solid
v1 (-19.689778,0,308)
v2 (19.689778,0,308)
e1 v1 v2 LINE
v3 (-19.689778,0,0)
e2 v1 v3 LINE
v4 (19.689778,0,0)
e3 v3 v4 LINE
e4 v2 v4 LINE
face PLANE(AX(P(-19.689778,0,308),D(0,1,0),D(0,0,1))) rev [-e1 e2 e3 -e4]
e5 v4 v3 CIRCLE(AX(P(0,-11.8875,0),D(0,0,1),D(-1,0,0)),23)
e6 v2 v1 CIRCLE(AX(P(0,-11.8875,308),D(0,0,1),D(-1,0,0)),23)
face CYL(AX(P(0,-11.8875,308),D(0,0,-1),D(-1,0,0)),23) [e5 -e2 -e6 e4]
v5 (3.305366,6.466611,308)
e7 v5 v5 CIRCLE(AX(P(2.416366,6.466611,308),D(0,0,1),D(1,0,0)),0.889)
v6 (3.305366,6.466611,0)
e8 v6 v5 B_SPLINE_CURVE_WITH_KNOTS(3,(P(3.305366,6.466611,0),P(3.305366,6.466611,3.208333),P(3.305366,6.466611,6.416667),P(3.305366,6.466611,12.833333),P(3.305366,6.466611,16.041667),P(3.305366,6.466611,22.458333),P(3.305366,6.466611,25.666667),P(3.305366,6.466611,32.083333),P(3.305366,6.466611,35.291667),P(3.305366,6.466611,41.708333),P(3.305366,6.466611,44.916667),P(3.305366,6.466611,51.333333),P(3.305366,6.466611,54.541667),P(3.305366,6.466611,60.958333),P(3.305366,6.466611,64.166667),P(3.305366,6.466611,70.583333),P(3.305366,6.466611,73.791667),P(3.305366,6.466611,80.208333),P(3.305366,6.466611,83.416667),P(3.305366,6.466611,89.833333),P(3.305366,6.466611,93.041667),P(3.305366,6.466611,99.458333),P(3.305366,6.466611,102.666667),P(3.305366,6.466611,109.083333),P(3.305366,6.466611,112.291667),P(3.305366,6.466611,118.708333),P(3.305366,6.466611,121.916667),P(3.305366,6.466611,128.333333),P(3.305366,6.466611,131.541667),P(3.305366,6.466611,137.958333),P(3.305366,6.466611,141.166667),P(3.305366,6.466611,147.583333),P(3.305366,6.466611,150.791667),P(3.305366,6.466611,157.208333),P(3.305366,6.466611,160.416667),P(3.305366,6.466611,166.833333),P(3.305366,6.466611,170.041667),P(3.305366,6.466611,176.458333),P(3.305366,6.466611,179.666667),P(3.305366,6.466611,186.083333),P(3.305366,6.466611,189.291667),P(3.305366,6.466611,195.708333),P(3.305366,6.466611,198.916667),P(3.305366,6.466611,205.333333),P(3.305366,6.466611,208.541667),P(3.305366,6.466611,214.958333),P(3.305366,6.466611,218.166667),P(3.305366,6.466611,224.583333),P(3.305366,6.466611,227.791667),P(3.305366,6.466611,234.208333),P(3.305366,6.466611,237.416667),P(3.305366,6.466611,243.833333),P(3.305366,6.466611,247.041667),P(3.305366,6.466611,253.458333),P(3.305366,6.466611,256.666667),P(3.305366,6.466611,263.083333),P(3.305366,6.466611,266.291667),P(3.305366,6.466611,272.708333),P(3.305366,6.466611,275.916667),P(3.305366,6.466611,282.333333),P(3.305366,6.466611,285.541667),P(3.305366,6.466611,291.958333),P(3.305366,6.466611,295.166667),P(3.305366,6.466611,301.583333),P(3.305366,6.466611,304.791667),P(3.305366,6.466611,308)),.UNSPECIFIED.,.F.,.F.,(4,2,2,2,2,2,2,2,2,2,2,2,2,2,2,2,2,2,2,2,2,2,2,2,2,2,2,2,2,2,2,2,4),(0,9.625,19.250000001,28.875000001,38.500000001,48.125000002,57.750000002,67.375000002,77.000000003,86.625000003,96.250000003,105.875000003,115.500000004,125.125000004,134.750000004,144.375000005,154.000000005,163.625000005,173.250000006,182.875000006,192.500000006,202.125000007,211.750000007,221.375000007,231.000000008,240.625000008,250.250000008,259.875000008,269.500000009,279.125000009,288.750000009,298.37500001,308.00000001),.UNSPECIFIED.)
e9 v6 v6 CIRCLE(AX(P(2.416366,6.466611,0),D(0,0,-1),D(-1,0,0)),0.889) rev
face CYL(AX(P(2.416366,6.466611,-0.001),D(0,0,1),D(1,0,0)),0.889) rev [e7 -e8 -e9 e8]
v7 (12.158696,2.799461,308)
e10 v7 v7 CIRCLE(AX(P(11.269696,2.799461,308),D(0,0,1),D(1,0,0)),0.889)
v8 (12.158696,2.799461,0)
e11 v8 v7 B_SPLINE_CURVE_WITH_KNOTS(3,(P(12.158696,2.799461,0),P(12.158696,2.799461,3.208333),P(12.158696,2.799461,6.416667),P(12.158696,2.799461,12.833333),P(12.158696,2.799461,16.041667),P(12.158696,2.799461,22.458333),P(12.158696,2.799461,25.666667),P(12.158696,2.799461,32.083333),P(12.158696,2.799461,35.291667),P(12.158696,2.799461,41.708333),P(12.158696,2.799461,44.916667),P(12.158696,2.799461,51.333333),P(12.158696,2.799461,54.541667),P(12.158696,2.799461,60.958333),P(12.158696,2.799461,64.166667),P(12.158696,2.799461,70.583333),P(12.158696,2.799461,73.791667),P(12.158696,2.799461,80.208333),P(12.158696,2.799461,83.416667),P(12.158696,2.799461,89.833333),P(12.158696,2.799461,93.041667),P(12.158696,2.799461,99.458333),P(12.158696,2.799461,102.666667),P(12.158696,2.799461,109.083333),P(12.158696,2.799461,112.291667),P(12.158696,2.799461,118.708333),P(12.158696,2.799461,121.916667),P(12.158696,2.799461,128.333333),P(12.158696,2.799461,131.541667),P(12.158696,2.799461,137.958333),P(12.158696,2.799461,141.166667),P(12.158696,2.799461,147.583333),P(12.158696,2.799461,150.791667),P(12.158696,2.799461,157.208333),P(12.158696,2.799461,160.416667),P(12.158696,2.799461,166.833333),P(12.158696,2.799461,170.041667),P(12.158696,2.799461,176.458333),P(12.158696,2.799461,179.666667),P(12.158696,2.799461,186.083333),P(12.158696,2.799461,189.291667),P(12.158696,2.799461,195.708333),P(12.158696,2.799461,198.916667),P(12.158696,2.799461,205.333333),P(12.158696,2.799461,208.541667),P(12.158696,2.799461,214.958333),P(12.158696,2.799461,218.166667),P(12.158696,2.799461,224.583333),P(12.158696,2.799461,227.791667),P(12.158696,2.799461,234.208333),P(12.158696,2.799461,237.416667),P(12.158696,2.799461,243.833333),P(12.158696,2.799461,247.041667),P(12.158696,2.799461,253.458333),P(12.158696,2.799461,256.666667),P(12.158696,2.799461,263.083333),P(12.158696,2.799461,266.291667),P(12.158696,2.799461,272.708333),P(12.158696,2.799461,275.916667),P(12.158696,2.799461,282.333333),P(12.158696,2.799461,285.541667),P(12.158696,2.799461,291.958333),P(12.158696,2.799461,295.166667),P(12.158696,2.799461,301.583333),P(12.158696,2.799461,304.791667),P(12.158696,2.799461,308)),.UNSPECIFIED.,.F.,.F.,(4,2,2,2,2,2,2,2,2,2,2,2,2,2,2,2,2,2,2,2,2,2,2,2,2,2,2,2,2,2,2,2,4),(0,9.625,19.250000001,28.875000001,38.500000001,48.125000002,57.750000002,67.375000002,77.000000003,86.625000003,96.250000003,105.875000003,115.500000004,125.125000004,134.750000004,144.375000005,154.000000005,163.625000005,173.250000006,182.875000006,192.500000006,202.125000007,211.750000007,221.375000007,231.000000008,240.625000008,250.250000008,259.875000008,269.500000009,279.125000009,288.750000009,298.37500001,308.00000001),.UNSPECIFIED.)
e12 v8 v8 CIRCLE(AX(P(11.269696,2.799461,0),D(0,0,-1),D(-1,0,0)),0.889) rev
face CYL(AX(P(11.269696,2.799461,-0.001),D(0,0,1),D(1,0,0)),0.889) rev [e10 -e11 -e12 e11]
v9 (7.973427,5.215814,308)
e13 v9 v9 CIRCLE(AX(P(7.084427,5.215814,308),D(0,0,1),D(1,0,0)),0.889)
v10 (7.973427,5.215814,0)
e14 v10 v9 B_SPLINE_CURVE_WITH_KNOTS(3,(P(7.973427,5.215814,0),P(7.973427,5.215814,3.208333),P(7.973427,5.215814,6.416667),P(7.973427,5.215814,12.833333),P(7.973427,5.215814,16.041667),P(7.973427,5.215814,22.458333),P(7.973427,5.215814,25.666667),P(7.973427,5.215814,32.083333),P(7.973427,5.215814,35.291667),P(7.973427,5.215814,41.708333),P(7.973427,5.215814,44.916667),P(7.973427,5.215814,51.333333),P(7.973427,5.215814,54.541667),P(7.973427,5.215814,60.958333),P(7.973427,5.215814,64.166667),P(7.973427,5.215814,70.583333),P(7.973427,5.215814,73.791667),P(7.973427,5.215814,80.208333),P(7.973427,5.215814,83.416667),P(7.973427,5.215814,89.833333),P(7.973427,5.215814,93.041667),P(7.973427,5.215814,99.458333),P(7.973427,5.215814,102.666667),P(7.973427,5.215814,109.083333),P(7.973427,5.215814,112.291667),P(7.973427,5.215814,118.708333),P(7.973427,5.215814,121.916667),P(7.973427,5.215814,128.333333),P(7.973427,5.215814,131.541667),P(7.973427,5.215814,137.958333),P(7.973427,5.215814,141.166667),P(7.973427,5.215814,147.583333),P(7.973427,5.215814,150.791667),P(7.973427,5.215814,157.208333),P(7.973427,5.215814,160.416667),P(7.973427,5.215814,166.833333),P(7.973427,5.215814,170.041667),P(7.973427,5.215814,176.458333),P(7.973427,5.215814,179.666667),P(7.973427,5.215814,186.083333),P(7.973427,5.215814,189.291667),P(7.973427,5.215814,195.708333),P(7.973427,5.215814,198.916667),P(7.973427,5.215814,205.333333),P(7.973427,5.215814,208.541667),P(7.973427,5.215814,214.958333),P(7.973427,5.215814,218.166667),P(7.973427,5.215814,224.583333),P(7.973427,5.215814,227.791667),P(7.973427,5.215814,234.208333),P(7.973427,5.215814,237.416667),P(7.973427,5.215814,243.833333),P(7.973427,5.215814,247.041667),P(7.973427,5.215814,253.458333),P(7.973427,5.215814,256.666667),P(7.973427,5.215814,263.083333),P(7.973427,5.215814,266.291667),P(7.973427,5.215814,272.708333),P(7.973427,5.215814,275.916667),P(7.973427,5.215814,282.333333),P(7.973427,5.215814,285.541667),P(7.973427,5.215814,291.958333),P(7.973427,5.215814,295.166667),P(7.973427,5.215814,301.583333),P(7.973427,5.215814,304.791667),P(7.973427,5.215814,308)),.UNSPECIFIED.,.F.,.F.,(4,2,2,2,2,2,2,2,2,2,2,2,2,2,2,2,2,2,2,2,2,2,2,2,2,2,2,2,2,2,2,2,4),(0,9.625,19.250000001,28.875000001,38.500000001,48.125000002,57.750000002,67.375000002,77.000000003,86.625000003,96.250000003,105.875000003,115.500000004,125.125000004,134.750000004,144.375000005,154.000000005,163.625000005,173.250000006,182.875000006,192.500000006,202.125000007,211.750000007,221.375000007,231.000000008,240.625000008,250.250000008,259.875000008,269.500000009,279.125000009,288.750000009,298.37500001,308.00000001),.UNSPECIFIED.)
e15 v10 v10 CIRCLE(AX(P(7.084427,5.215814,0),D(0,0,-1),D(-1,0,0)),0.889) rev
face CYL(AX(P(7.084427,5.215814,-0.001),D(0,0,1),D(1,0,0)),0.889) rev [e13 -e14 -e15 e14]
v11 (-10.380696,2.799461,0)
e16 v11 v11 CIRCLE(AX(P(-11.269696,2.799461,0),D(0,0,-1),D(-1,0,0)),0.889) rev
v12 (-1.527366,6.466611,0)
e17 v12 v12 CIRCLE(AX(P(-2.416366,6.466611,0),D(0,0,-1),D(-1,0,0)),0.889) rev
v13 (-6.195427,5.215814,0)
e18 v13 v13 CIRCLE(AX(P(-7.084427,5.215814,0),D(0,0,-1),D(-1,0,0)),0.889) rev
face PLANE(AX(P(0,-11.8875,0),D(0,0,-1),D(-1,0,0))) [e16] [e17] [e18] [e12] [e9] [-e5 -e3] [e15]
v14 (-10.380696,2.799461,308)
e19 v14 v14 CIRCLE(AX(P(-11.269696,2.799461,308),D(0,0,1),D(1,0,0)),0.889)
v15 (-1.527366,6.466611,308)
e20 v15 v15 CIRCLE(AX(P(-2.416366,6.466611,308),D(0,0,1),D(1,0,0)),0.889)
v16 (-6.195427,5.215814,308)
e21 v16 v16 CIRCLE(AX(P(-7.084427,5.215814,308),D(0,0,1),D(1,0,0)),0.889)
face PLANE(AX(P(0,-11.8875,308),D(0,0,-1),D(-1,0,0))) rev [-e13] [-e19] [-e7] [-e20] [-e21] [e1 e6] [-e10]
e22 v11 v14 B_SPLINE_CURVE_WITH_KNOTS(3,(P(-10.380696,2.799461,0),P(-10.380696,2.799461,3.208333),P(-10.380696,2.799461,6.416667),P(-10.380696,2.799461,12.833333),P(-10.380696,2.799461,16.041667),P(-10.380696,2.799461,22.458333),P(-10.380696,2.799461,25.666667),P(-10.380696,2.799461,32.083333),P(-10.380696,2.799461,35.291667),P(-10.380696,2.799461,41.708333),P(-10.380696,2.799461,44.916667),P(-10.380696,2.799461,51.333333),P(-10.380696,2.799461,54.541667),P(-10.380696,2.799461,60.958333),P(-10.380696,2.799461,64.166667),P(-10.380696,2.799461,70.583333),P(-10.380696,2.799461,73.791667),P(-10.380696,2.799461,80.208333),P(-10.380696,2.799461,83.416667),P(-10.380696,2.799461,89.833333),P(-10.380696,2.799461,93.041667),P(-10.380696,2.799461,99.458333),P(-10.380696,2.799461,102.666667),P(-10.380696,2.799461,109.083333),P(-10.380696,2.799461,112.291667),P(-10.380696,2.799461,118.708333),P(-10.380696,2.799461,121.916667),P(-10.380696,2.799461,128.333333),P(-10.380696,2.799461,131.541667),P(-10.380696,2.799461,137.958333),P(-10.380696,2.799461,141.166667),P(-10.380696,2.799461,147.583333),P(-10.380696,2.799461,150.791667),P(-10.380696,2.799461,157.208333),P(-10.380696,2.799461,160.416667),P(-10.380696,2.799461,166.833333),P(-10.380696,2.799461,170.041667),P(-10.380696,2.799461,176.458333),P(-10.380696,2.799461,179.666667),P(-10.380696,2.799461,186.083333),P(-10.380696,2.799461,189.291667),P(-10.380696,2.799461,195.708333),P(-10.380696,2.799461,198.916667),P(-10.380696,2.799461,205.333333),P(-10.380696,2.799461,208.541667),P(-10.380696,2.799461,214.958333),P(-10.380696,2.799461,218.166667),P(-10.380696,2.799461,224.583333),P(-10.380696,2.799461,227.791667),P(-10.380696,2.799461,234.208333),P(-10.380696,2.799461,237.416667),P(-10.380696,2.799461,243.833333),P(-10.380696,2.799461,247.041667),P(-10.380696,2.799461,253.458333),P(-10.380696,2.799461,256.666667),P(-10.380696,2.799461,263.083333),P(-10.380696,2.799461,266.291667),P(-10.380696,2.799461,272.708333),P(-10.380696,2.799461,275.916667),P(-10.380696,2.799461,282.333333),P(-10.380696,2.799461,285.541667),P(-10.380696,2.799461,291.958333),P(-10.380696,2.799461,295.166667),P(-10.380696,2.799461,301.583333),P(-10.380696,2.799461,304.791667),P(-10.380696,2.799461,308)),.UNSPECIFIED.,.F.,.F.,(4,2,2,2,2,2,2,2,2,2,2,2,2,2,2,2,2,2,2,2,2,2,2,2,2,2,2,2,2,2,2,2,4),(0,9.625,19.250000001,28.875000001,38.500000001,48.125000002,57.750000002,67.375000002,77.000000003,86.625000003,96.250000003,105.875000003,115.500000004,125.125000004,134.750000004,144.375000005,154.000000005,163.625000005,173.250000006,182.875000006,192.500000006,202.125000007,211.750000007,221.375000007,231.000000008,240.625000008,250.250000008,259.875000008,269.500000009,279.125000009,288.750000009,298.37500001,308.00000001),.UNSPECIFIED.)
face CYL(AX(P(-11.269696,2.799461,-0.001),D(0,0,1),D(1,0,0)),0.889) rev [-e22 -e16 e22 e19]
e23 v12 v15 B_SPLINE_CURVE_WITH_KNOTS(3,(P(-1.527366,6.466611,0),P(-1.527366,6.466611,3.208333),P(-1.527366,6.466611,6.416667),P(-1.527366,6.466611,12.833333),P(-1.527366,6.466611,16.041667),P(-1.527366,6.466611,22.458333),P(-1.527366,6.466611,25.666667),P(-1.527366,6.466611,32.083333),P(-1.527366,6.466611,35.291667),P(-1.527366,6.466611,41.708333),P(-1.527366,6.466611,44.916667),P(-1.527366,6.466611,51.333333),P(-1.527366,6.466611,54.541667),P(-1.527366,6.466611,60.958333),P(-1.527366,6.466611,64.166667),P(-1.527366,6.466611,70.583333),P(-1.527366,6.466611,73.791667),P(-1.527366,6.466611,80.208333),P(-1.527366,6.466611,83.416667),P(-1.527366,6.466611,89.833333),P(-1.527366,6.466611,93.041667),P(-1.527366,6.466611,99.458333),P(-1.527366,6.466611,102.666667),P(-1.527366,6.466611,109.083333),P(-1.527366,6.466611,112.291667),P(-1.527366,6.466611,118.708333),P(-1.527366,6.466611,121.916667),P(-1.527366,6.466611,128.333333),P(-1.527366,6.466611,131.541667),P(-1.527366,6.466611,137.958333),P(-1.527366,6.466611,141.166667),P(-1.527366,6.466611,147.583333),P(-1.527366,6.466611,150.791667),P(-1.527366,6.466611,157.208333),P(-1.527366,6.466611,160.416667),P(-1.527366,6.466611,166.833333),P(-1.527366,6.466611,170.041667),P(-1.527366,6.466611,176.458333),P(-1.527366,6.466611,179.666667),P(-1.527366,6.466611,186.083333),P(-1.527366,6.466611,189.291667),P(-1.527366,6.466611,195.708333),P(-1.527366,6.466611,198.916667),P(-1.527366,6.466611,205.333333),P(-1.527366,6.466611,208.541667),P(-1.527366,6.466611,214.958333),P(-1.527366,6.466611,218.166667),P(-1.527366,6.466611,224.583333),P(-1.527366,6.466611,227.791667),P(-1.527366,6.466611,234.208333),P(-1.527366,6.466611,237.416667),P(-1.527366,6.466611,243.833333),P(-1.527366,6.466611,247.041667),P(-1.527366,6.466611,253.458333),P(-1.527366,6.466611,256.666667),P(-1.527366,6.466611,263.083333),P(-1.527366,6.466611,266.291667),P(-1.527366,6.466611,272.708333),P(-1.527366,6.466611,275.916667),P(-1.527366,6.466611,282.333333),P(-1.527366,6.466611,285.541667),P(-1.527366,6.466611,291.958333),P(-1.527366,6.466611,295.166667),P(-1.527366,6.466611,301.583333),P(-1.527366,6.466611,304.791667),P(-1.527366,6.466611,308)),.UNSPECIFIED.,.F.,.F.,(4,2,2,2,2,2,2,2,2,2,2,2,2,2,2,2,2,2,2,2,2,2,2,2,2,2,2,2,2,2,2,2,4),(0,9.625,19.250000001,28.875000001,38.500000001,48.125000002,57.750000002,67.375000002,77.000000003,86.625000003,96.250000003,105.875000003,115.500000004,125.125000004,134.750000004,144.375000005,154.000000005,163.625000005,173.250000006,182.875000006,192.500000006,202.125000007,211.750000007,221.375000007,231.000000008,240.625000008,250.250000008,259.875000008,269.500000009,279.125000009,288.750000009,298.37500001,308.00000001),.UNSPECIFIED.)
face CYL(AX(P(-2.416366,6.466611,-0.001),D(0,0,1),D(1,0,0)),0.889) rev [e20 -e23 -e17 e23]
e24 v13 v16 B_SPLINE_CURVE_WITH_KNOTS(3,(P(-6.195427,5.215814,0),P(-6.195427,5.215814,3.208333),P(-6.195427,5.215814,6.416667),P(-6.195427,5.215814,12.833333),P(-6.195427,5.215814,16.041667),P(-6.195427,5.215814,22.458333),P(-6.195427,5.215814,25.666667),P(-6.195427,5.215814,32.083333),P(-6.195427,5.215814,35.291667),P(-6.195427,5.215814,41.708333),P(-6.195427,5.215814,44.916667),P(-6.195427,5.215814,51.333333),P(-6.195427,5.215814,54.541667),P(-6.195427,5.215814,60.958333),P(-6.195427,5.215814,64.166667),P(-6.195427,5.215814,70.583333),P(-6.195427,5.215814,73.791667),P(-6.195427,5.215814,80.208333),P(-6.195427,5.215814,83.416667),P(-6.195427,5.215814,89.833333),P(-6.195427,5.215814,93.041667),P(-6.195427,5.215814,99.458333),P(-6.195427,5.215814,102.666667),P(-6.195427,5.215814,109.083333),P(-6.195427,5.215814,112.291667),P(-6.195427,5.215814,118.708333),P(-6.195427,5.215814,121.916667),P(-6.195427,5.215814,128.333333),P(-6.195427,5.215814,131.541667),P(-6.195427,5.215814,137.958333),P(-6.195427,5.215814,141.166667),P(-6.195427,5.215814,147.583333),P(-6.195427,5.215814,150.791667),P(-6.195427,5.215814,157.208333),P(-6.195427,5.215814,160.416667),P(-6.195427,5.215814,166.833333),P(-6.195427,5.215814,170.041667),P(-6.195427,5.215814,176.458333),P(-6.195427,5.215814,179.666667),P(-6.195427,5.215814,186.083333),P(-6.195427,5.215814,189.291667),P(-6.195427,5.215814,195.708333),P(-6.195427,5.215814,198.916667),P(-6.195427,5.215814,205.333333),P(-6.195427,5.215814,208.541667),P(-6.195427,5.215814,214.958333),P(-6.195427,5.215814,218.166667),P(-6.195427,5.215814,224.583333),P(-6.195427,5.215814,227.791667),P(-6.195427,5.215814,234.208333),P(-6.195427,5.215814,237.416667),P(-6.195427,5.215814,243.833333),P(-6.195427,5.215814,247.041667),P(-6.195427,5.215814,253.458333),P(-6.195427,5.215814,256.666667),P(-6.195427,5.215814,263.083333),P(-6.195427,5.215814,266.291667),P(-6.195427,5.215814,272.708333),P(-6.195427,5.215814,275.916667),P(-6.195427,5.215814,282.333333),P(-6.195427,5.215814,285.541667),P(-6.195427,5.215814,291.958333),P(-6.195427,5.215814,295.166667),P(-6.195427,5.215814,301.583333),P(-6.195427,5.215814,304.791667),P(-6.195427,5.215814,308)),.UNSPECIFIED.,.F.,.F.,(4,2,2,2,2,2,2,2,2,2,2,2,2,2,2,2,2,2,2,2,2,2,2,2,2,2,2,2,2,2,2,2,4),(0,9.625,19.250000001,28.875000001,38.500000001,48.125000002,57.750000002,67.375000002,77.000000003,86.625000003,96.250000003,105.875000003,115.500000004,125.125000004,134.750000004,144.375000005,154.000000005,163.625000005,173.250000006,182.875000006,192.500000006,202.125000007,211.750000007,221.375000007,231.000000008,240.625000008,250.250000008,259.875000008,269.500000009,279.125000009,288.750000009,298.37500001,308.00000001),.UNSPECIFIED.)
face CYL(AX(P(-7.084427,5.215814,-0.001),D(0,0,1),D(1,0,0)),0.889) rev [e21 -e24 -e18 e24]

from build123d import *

# Parameters (mm, degrees)
BOSS_EXTRUDE1_DEPTH = 308.00000001
CUT_EXTRUDE1_REACH  = 310.829
SKETCH2_R           = 0.889


with BuildPart() as part:
    # Sketch1 → Boss-Extrude1 (new body)
    with BuildSketch(Plane.XY):
        with BuildLine():
            Line((-19.689777646, 0), (19.689777646, 0))
            ThreePointArc((19.689777646, 0), (0, 11.1125), (-19.689777646, 0))
        make_face()
    extrude(amount=BOSS_EXTRUDE1_DEPTH)

    # Sketch2 → Cut-Extrude1 (cut, up to next)
    with BuildSketch(Plane.XY.offset(308.00000001), mode=Mode.PRIVATE) as cut_extrude1_sk1:
        with Locations((-11.269696042, 2.799461)):
            Circle(SKETCH2_R)
    cut_extrude1_tool1 = extrude(cut_extrude1_sk1.sketch, amount=-CUT_EXTRUDE1_REACH, mode=Mode.PRIVATE) & part.part
    # Sketch2 → Cut-Extrude1 (cut, up to next)
    with BuildSketch(Plane.XY.offset(308.00000001), mode=Mode.PRIVATE) as cut_extrude1_sk2:
        with Locations((-7.084427042, 5.2158138)):
            Circle(SKETCH2_R)
    cut_extrude1_tool2 = extrude(cut_extrude1_sk2.sketch, amount=-CUT_EXTRUDE1_REACH, mode=Mode.PRIVATE) & part.part
    # Sketch2 → Cut-Extrude1 (cut, up to next)
    with BuildSketch(Plane.XY.offset(308.00000001), mode=Mode.PRIVATE) as cut_extrude1_sk3:
        with Locations((-2.416366133, 6.4666114)):
            Circle(SKETCH2_R)
    cut_extrude1_tool3 = extrude(cut_extrude1_sk3.sketch, amount=-CUT_EXTRUDE1_REACH, mode=Mode.PRIVATE) & part.part
    # Sketch2 → Cut-Extrude1 (cut, up to next)
    with BuildSketch(Plane.XY.offset(308.00000001), mode=Mode.PRIVATE) as cut_extrude1_sk4:
        with Locations((2.416366133, 6.4666114)):
            Circle(SKETCH2_R)
    cut_extrude1_tool4 = extrude(cut_extrude1_sk4.sketch, amount=-CUT_EXTRUDE1_REACH, mode=Mode.PRIVATE) & part.part
    # Sketch2 → Cut-Extrude1 (cut, up to next)
    with BuildSketch(Plane.XY.offset(308.00000001), mode=Mode.PRIVATE) as cut_extrude1_sk5:
        with Locations((7.084427042, 5.2158138)):
            Circle(SKETCH2_R)
    cut_extrude1_tool5 = extrude(cut_extrude1_sk5.sketch, amount=-CUT_EXTRUDE1_REACH, mode=Mode.PRIVATE) & part.part
    # Sketch2 → Cut-Extrude1 (cut, up to next)
    with BuildSketch(Plane.XY.offset(308.00000001), mode=Mode.PRIVATE) as cut_extrude1_sk6:
        with Locations((11.269695955, 2.799461)):
            Circle(SKETCH2_R)
    cut_extrude1_tool6 = extrude(cut_extrude1_sk6.sketch, amount=-CUT_EXTRUDE1_REACH, mode=Mode.PRIVATE) & part.part
    add(cut_extrude1_tool1.solids().sort_by_distance((-11.269696, 2.799461, 308))[0], mode=Mode.SUBTRACT)
    add(cut_extrude1_tool2.solids().sort_by_distance((-7.084427, 5.215814, 308))[0], mode=Mode.SUBTRACT)
    add(cut_extrude1_tool3.solids().sort_by_distance((-2.416366, 6.466611, 308))[0], mode=Mode.SUBTRACT)
    add(cut_extrude1_tool4.solids().sort_by_distance((2.416366, 6.466611, 308))[0], mode=Mode.SUBTRACT)
    add(cut_extrude1_tool5.solids().sort_by_distance((7.084427, 5.215814, 308))[0], mode=Mode.SUBTRACT)
    add(cut_extrude1_tool6.solids().sort_by_distance((11.269696, 2.799461, 308))[0], mode=Mode.SUBTRACT)


solid = part.part
